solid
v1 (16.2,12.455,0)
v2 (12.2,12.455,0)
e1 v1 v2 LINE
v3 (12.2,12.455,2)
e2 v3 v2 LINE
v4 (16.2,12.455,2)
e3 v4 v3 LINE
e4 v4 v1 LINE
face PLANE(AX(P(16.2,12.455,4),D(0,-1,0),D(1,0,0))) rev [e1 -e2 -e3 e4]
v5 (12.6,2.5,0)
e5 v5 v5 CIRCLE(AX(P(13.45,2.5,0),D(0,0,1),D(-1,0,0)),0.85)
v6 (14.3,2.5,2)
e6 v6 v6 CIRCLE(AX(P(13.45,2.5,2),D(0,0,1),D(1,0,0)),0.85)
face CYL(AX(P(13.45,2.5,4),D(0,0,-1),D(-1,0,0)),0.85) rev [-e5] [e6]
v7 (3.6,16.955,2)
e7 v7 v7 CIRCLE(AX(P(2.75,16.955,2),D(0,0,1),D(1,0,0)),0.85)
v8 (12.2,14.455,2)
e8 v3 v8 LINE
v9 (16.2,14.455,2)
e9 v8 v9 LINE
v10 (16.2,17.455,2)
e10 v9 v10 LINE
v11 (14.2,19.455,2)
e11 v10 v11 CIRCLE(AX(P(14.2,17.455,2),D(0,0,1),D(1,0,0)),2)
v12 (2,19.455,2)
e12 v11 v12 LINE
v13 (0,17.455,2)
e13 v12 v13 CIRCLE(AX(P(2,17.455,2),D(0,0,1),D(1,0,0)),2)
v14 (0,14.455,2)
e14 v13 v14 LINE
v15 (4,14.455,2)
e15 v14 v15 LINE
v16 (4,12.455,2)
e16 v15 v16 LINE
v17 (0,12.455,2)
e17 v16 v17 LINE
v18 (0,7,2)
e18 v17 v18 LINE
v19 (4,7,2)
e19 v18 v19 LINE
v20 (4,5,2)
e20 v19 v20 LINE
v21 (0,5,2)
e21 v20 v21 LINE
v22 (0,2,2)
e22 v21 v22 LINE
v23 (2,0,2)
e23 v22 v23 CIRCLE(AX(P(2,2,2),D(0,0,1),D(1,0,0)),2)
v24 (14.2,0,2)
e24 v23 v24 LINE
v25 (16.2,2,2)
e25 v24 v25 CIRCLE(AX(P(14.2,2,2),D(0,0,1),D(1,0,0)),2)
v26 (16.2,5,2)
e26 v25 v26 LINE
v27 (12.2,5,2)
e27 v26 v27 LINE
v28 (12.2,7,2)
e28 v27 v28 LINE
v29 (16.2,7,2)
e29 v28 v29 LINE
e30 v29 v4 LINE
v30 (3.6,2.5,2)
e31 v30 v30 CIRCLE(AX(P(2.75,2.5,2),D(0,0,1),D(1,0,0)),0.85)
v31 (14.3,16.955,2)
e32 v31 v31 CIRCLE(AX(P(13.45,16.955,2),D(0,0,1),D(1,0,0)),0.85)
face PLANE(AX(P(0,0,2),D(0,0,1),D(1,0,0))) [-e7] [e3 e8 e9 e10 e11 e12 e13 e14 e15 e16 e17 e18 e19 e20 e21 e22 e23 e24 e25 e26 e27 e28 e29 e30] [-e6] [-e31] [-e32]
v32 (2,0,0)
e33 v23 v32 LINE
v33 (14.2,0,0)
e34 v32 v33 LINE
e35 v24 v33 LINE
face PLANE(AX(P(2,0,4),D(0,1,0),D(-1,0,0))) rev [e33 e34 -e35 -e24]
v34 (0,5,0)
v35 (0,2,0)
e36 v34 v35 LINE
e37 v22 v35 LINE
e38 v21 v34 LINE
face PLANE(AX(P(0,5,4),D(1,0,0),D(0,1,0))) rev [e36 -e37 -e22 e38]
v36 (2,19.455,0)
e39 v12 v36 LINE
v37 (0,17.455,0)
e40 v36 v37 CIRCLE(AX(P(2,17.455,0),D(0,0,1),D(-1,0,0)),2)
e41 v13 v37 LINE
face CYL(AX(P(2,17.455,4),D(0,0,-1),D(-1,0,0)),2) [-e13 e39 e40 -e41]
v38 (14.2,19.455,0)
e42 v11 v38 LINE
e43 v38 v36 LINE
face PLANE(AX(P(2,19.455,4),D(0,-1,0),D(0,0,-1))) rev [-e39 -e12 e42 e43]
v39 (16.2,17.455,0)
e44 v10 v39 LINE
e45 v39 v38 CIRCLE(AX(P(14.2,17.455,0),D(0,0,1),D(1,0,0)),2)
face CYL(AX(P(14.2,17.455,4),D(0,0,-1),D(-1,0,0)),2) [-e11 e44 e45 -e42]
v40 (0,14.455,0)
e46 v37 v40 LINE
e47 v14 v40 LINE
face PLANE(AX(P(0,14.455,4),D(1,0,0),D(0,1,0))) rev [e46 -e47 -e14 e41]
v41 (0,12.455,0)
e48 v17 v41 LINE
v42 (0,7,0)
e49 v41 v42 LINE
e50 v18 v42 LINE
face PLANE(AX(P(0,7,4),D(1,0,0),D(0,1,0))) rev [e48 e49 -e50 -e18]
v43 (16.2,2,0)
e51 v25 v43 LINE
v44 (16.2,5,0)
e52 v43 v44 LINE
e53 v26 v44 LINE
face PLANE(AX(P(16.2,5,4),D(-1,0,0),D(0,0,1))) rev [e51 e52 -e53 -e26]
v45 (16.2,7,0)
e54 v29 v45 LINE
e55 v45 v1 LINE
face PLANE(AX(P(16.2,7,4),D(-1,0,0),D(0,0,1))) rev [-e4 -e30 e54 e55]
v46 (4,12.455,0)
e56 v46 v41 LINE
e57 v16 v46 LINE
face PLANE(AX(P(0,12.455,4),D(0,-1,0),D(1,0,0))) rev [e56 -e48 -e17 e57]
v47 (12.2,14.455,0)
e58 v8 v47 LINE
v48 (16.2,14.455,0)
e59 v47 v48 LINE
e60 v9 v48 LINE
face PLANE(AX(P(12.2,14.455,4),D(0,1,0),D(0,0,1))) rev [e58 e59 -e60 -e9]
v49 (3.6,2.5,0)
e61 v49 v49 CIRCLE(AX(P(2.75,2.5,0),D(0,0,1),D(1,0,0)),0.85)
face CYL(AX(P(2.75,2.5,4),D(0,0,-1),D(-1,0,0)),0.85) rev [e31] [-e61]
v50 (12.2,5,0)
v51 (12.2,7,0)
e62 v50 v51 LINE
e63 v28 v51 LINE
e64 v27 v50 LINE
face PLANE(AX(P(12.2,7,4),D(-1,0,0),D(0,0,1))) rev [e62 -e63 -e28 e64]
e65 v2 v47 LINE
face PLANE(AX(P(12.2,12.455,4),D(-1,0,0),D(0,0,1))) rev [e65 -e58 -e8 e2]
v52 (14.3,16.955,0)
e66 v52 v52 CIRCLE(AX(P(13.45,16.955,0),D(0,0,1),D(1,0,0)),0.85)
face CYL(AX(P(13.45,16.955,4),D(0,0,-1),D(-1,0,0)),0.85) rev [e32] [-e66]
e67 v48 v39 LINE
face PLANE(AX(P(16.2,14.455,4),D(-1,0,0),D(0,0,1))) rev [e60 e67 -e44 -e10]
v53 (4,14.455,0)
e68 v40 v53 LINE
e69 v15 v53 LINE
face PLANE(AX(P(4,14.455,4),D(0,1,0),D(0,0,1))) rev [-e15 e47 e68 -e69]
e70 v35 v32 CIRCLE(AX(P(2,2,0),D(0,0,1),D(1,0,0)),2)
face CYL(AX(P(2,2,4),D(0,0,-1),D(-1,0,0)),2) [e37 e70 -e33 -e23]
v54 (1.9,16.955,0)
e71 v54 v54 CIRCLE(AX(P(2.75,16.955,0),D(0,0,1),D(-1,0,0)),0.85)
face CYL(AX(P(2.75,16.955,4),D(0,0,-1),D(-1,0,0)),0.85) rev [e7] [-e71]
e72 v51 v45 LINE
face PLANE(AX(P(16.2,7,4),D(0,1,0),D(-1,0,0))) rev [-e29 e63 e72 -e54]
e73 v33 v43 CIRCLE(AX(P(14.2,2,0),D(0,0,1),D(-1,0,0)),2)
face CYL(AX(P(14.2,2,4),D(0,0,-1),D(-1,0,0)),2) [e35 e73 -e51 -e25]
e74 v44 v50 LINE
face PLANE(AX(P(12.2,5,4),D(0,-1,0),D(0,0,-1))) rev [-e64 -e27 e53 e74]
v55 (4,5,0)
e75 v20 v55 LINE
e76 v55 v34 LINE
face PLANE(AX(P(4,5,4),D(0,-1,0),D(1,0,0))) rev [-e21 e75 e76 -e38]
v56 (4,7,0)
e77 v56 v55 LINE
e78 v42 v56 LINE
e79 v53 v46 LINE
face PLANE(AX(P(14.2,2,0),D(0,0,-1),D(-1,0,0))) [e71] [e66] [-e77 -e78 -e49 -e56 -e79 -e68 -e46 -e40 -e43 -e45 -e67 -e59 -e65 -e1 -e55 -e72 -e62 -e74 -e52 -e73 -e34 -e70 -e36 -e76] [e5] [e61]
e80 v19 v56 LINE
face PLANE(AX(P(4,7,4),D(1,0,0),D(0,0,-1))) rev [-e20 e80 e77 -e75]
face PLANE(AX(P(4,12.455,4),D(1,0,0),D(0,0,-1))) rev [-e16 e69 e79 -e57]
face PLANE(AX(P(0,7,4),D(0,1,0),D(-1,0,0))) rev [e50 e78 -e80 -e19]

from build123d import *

# Parameters (mm, degrees)
SKETCH2_R           = 0.85
BOSS_EXTRUDE1_DEPTH = 4
SKETCH3_W           = 16.2
SKETCH3_H           = 19.455
CUT_EXTRUDE1_DEPTH  = 2


with BuildPart() as part:
    # Sketch2 → Boss-Extrude1 (new body)
    with BuildSketch(Plane.XY):
        with BuildLine():
            Line((0, 7), (0, 12.455))
            Line((0, 12.455), (4, 12.455))
            Line((4, 12.455), (4, 14.455))
            Line((4, 14.455), (0, 14.455))
            Line((0, 14.455), (0, 17.455))
            ThreePointArc((0, 17.455), (0.585786438, 18.869213562), (2, 19.455))
            Line((2, 19.455), (14.2, 19.455))
            ThreePointArc((14.2, 19.455), (15.614213562, 18.869213562), (16.2, 17.455))
            Line((16.2, 17.455), (16.2, 14.455))
            Line((16.2, 14.455), (12.2, 14.455))
            Line((12.2, 14.455), (12.2, 12.455))
            Line((12.2, 12.455), (16.2, 12.455))
            Line((16.2, 12.455), (16.2, 7))
            Line((16.2, 7), (12.2, 7))
            Line((12.2, 7), (12.2, 5))
            Line((12.2, 5), (16.2, 5))
            Line((16.2, 5), (16.2, 2))
            ThreePointArc((16.2, 2), (15.614213562, 0.585786438), (14.2, 0))
            Line((14.2, 0), (2, 0))
            ThreePointArc((2, 0), (0.585786438, 0.585786438), (0, 2))
            Line((0, 2), (0, 5))
            Line((0, 5), (4, 5))
            Line((4, 5), (4, 7))
            Line((4, 7), (0, 7))
        make_face()
        with Locations((13.45, 2.5)):
            Circle(SKETCH2_R, mode=Mode.SUBTRACT)
        with Locations((2.75, 16.955)):
            Circle(SKETCH2_R, mode=Mode.SUBTRACT)
        with Locations((2.75, 2.5)):
            Circle(SKETCH2_R, mode=Mode.SUBTRACT)
        with Locations((13.45, 16.955)):
            Circle(SKETCH2_R, mode=Mode.SUBTRACT)
    extrude(amount=BOSS_EXTRUDE1_DEPTH)

    # Sketch3 → Cut-Extrude1 (cut)
    with BuildSketch(Plane.XY.offset(4)):
        with Locations((8.1, 9.7275)):
            Rectangle(SKETCH3_W, SKETCH3_H)
    extrude(amount=-CUT_EXTRUDE1_DEPTH, mode=Mode.SUBTRACT)


solid = part.part
